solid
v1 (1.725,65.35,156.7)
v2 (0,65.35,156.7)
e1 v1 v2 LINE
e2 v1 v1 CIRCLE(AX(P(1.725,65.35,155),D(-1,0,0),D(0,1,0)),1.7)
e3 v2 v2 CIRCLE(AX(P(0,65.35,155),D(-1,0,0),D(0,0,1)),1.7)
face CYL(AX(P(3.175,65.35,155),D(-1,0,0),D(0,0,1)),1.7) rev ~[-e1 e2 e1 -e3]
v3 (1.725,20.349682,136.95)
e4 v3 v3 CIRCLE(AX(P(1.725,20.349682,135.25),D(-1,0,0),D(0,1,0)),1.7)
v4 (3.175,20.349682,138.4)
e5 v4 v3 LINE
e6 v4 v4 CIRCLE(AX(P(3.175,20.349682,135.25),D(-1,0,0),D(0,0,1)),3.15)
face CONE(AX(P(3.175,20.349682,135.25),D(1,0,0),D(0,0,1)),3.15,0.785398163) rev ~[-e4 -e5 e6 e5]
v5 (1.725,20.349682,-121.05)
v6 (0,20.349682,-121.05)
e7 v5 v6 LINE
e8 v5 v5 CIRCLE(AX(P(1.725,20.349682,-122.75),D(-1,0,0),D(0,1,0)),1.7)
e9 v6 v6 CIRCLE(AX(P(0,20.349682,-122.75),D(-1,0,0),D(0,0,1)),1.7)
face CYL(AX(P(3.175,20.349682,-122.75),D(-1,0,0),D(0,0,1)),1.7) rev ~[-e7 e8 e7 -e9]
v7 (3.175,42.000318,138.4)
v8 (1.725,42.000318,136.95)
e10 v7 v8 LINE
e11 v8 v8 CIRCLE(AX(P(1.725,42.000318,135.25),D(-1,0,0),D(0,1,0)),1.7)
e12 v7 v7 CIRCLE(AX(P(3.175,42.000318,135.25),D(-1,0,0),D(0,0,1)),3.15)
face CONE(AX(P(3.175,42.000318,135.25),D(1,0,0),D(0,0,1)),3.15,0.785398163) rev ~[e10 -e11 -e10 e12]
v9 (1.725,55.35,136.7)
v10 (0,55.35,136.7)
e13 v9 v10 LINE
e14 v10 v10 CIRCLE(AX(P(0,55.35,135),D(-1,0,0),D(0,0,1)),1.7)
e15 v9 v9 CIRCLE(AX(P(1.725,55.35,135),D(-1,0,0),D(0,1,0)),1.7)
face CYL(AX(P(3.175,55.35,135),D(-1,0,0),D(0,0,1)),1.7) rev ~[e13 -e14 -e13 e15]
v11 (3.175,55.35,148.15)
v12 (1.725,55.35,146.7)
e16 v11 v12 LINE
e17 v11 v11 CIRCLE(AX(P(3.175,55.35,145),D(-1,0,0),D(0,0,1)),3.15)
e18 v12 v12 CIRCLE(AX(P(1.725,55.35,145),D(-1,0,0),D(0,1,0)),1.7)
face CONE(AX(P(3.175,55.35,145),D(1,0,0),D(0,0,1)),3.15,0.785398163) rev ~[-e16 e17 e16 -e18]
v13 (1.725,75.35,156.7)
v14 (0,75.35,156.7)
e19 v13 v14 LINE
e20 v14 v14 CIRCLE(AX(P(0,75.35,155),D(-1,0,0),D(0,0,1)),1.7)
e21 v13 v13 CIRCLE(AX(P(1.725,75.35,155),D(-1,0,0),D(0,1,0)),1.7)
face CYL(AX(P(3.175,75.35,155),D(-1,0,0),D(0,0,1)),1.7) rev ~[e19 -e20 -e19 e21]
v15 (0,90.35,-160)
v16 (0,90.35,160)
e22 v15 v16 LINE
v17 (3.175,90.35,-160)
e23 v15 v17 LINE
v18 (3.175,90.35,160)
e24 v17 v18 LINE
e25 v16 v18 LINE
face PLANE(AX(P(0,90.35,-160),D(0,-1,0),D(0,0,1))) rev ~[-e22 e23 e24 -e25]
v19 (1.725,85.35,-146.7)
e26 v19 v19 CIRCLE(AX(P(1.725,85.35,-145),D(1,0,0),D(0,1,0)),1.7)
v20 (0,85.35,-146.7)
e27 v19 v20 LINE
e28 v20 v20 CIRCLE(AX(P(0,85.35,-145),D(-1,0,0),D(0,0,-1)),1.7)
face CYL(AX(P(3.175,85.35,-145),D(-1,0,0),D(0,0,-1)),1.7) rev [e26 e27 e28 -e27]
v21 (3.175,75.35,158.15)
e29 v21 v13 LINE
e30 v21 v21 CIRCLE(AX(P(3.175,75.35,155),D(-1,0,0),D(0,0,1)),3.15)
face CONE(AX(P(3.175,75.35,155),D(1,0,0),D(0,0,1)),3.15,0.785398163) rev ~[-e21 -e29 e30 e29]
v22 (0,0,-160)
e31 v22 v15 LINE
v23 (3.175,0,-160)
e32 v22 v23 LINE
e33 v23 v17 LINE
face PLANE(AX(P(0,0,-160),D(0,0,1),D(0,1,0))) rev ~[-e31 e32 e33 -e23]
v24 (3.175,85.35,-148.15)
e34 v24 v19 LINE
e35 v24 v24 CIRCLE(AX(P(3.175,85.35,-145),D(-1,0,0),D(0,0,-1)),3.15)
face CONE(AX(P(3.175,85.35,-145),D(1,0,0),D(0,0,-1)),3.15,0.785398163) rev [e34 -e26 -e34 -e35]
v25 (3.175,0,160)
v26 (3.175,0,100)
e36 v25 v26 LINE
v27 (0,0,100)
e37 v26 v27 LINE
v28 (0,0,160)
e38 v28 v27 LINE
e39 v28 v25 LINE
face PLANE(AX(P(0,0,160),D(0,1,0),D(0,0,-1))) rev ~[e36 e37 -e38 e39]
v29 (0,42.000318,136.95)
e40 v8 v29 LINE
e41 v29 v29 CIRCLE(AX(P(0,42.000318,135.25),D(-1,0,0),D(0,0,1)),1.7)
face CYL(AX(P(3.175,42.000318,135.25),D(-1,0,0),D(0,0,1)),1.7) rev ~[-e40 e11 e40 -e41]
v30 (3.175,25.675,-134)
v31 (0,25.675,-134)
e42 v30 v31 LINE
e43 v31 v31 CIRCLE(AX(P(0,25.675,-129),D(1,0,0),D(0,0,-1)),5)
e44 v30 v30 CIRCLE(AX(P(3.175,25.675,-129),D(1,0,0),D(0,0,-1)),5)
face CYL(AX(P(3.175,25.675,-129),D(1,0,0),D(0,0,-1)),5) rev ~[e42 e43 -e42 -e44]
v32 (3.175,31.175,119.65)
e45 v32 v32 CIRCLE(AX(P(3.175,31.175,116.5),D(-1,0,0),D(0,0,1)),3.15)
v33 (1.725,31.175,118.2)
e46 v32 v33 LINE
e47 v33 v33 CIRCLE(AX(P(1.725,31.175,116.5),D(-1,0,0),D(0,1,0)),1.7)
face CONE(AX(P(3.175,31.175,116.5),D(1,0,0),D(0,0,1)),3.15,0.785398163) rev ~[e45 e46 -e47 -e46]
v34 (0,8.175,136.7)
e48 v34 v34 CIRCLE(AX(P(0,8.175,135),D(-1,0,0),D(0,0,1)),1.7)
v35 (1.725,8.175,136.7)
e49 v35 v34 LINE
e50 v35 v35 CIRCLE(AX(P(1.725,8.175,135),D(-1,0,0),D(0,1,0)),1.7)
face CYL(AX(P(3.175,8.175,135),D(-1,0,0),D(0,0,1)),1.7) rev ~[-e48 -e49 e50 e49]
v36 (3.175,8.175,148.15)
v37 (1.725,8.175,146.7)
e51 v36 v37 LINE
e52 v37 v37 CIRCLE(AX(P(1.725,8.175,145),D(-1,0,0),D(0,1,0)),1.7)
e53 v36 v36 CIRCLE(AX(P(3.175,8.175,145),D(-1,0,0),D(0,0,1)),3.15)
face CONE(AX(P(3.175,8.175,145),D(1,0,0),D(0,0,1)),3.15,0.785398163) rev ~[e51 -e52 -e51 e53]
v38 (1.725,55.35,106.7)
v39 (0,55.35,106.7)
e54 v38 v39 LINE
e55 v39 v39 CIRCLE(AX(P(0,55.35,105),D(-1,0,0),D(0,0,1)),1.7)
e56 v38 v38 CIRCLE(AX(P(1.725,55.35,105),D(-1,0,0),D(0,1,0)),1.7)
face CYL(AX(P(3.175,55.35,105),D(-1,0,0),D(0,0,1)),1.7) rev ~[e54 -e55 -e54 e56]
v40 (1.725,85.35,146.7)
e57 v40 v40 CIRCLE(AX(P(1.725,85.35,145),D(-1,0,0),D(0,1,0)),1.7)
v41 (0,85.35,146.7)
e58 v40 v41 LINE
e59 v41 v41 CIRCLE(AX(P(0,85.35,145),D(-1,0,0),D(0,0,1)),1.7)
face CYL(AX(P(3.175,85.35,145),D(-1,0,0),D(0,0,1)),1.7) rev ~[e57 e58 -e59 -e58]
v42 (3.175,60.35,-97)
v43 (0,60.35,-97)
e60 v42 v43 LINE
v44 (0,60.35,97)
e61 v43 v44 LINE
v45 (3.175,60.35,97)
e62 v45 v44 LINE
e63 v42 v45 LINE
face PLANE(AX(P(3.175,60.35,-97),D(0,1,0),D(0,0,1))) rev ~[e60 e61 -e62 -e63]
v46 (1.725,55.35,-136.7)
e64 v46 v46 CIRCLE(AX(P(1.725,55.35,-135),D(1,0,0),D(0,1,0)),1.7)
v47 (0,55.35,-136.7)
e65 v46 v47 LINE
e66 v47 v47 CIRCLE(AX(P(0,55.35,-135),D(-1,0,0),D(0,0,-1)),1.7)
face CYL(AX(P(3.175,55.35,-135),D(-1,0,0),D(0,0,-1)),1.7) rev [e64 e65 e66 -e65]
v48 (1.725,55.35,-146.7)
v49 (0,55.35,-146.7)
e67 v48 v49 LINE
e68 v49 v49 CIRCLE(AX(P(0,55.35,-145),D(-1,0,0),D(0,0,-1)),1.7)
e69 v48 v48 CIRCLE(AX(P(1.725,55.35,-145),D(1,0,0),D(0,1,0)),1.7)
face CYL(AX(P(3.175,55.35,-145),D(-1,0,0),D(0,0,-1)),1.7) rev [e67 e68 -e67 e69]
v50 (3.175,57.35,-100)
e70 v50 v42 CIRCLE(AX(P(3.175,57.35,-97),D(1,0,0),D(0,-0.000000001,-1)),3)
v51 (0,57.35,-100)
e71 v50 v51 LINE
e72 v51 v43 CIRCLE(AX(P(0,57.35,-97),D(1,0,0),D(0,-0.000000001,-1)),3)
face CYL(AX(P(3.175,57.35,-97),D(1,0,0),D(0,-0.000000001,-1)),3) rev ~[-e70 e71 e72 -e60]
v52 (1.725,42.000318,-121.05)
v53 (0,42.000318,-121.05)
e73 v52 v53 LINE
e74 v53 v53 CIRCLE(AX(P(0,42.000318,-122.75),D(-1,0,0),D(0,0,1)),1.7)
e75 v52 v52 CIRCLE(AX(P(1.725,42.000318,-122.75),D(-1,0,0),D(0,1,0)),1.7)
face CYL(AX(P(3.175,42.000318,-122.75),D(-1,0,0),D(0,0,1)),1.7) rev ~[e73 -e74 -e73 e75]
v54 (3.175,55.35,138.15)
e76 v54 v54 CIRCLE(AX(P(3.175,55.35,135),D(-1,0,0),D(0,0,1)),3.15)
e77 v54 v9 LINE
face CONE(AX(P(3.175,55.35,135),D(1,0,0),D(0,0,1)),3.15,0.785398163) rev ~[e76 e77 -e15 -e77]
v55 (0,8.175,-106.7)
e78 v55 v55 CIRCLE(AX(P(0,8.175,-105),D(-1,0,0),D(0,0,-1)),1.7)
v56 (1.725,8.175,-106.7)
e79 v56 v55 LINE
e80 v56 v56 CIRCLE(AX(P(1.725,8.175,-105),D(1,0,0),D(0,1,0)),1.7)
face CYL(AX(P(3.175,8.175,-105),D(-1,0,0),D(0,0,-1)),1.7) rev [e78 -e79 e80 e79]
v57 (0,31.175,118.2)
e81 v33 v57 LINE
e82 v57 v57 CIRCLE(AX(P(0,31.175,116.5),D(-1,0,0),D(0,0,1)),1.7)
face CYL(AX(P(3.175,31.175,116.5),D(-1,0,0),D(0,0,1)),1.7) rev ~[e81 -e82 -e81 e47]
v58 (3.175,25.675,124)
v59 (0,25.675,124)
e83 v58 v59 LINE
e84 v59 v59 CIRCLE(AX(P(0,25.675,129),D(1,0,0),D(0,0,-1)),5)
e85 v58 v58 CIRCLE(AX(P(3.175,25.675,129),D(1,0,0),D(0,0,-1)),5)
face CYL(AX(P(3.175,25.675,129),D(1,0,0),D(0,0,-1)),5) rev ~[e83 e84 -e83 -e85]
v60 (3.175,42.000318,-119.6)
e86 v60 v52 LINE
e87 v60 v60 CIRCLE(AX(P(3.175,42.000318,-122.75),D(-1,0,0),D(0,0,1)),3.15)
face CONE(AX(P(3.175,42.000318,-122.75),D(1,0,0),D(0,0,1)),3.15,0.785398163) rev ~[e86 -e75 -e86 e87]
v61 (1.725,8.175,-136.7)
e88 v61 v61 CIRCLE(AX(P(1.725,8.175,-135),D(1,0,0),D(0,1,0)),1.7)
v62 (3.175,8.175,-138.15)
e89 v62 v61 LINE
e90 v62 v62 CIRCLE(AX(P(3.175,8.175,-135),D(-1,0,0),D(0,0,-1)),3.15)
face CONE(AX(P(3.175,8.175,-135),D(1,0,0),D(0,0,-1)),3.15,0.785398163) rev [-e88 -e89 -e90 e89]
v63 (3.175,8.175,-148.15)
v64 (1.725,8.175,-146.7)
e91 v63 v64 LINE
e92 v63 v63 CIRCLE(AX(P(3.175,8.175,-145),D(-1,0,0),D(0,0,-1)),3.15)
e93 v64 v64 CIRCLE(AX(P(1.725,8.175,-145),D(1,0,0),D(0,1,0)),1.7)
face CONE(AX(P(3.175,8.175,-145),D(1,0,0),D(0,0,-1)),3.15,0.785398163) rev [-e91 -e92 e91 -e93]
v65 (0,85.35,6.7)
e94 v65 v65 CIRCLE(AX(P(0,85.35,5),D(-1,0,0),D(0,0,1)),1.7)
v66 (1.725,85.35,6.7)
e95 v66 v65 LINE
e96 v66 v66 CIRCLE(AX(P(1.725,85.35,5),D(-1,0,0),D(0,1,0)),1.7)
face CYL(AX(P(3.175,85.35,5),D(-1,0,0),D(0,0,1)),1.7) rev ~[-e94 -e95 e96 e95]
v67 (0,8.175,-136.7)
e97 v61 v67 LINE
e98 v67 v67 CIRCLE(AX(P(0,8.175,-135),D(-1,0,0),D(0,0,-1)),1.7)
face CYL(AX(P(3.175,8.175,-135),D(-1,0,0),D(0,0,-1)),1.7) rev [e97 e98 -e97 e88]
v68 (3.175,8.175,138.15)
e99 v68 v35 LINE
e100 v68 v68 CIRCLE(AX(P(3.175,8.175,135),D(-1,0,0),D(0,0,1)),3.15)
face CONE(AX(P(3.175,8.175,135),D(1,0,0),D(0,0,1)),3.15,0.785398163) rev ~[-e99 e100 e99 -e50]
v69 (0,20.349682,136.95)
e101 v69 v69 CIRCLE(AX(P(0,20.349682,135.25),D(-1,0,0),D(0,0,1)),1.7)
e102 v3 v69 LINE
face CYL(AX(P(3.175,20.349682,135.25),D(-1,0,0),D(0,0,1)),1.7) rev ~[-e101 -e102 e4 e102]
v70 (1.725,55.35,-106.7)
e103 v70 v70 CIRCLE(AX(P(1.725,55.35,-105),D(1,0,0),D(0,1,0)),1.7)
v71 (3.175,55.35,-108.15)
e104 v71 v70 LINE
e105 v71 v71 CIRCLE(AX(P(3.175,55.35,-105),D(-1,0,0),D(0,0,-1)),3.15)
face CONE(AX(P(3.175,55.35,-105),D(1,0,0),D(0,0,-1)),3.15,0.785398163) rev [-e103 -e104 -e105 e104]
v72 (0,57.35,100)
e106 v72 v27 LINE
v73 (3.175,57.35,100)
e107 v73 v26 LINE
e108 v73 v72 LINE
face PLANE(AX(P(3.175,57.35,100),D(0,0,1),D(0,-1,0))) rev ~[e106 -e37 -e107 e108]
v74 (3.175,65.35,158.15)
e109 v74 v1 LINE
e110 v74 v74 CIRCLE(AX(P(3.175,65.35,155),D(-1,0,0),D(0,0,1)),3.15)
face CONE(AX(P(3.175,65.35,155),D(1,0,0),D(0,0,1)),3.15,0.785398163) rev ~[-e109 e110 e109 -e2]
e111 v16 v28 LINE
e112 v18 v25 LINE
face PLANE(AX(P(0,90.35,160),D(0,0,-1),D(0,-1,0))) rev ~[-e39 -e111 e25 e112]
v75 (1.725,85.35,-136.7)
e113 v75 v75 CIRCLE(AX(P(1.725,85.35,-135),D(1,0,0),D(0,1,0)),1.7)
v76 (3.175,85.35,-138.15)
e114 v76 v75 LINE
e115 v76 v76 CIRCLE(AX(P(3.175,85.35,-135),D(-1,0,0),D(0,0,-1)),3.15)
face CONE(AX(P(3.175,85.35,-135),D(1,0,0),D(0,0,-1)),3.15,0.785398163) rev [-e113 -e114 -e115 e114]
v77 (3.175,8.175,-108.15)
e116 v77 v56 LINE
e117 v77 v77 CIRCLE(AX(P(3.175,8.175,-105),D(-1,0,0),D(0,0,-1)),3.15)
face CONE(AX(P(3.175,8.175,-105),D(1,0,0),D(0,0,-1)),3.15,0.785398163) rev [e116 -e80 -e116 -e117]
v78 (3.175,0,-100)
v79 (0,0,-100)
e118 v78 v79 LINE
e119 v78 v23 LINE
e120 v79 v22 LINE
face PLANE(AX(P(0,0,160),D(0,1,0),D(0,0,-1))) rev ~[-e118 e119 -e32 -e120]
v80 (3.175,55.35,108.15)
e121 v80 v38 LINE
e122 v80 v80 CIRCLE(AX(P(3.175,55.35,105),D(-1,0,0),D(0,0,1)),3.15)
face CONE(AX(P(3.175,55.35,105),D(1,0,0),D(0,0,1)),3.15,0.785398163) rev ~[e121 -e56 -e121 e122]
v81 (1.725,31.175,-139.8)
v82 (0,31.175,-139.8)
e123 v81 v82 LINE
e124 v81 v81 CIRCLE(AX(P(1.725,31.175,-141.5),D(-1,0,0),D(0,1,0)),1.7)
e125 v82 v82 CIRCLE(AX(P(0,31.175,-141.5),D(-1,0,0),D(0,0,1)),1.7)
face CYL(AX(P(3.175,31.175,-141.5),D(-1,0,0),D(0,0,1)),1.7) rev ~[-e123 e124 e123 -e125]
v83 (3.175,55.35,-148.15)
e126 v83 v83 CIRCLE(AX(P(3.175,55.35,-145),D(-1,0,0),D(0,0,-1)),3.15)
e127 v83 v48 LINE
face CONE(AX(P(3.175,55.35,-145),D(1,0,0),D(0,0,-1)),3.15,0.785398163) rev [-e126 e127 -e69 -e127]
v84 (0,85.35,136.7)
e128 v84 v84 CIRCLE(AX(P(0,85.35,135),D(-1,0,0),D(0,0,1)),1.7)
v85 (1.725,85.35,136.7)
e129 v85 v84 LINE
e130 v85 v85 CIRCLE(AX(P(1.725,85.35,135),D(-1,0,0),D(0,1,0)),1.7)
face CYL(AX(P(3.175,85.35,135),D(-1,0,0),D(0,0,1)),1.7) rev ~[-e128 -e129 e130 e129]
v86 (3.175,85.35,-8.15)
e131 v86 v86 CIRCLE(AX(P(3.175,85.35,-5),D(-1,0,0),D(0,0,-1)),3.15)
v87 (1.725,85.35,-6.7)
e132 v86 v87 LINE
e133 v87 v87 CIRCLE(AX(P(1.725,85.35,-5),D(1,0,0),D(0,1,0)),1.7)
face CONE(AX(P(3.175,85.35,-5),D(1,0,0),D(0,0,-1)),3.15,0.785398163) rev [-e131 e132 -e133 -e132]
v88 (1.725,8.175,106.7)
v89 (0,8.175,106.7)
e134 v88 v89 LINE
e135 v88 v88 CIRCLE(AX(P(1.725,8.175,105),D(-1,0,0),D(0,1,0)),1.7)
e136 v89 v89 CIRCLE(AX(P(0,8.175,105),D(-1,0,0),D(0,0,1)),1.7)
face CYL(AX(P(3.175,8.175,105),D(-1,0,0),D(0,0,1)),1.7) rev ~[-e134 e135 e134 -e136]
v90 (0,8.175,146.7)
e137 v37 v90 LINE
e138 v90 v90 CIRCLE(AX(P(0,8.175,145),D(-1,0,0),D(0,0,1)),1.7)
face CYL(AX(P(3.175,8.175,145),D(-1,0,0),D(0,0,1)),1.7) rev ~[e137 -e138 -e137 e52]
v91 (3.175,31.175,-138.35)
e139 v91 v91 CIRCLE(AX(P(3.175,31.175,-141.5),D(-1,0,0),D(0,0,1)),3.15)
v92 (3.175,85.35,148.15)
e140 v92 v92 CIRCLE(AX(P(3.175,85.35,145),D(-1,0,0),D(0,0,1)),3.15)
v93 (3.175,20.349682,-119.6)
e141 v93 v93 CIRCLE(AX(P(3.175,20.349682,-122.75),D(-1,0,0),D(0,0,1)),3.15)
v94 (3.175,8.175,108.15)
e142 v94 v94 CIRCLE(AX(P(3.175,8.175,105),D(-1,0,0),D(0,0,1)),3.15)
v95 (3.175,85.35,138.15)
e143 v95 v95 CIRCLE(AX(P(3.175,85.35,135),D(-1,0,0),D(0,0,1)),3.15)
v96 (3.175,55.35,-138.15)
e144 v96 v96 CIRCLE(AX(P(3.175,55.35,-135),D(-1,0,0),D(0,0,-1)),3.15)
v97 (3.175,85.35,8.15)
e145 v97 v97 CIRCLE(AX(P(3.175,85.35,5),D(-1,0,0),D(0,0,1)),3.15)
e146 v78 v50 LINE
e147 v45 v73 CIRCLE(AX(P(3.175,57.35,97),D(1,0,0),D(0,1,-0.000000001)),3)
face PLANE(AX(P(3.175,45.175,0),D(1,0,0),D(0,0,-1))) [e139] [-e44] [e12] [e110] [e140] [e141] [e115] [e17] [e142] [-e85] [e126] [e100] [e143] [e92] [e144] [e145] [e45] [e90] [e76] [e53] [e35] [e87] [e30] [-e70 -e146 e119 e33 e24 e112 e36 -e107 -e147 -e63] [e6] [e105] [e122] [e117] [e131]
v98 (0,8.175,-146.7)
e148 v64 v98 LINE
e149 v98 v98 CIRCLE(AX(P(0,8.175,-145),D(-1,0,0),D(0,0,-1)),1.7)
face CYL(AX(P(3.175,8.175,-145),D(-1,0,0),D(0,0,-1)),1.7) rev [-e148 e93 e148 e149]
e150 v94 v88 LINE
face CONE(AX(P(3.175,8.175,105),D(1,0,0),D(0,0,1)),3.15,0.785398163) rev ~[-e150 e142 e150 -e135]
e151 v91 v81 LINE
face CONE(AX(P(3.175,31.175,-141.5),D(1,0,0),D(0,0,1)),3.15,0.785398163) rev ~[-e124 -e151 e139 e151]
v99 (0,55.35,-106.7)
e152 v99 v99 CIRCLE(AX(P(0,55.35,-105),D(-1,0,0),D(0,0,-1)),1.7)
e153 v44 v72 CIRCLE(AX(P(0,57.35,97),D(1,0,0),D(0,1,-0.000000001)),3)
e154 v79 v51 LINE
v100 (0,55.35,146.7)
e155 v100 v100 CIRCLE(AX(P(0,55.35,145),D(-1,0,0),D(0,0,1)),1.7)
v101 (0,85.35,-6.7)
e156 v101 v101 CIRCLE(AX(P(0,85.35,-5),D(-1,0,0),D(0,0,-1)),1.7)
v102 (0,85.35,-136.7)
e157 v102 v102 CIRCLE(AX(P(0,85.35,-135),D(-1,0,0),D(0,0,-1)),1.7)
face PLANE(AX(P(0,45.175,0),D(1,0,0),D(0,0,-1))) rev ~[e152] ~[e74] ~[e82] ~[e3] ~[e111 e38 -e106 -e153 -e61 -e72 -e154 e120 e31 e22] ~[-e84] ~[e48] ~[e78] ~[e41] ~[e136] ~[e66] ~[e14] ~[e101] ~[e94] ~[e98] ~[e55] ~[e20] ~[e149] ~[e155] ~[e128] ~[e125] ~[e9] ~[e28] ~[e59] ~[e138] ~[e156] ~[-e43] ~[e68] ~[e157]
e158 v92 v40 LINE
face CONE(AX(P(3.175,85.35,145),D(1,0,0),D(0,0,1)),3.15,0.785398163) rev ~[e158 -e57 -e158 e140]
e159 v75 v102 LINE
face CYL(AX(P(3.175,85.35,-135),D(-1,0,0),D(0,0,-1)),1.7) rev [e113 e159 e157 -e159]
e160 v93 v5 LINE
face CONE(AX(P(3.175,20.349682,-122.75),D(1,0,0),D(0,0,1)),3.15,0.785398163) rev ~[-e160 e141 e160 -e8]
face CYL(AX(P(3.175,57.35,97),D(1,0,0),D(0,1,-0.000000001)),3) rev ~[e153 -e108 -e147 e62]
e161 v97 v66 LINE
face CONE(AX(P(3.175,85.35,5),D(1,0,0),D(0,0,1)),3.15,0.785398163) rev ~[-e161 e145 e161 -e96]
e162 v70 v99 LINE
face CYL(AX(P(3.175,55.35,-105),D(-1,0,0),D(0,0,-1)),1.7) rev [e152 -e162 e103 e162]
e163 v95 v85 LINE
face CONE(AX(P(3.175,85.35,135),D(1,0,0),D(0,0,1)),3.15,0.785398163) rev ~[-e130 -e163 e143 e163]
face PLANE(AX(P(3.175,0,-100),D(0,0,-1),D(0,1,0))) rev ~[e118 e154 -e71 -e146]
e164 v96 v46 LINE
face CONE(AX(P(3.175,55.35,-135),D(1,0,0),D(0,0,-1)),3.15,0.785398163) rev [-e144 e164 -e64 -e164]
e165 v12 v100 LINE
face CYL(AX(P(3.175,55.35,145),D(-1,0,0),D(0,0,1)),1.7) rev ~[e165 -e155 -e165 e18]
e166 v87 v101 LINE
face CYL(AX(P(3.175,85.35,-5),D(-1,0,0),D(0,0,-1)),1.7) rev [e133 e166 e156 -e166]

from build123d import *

# Parameters (mm, degrees)
BOSS_EXTRUDE1_DEPTH                             = 3.175
CSK_FOR_M3_FLAT_HEAD_MACHINE_SCREW1_D           = 3.4
CSK_FOR_M3_FLAT_HEAD_MACHINE_SCREW1_CSINK_D     = 6.3
CSK_FOR_M3_FLAT_HEAD_MACHINE_SCREW1_CSINK_ANGLE = 90
SKETCH4_R                                       = 5
CUT_EXTRUDE1_DEPTH                              = 4.175
CSK_FOR_M3_FLAT_HEAD_MACHINE_SCREW2_D           = 3.4
CSK_FOR_M3_FLAT_HEAD_MACHINE_SCREW2_CSINK_D     = 6.3
CSK_FOR_M3_FLAT_HEAD_MACHINE_SCREW2_CSINK_ANGLE = 90
CSK_FOR_M3_FLAT_HEAD_MACHINE_SCREW3_D           = 3.4
CSK_FOR_M3_FLAT_HEAD_MACHINE_SCREW3_CSINK_D     = 6.3
CSK_FOR_M3_FLAT_HEAD_MACHINE_SCREW3_CSINK_ANGLE = 90
LPATTERN1_COUNT                                 = 2
LPATTERN1_PITCH                                 = 258


with BuildPart() as part:
    # Sketch1 → Boss-Extrude1 (new body)
    with BuildSketch(Plane(origin=(0, 0, 0), x_dir=(0, 0, -1), z_dir=(1, 0, 0))):
        Polygon((160, 0), (160, 3.175), (160, 47.175), (160, 50.35), (160, 60.35), (160, 90.35), (-160, 90.35), (-160, 60.35), (-160, 50.35), (-160, 47.175), (-160, 3.175), (-160, 0), align=None)
    extrude(amount=BOSS_EXTRUDE1_DEPTH)

    # CSK for M3 Flat Head Machine Screw1 (through all)
    with Locations(Plane(origin=(3.175, 0, 0), x_dir=(0, 0, -1), z_dir=(1, 0, 0))):
        with Locations((-145, 8.175), (-135, 8.175), (-105, 8.175), (-145, 55.35), (-135, 55.35), (-105, 55.35), (-145, 85.35), (-135, 85.35), (-5, 85.35)):
            csk_for_m3_flat_head_machine_screw1 = CounterSinkHole(CSK_FOR_M3_FLAT_HEAD_MACHINE_SCREW1_D / 2, CSK_FOR_M3_FLAT_HEAD_MACHINE_SCREW1_CSINK_D / 2, counter_sink_angle=CSK_FOR_M3_FLAT_HEAD_MACHINE_SCREW1_CSINK_ANGLE)

    # Mirror1: CSK for M3 Flat Head Machine Screw1 across plane
    add(csk_for_m3_flat_head_machine_screw1.mirror(Plane.XY), mode=Mode.SUBTRACT)

    # Sketch4 → Cut-Extrude1 (cut, through all)
    with BuildSketch(Plane(origin=(3.175, 0, 0), x_dir=(0, 0, -1), z_dir=(1, 0, 0))):
        with Locations((-129, 25.675)):
            Circle(SKETCH4_R)
        with Locations((129, 25.675)):
            Circle(SKETCH4_R)
        with BuildLine():
            Line((-100, 57.35), (-100, 0))
            Line((-100, 0), (100, 0))
            Line((100, 0), (100, 57.35))
            ThreePointArc((100, 57.35), (99.121320344, 59.471320344), (97, 60.35))
            Line((97, 60.35), (-97, 60.35))
            ThreePointArc((-97, 60.35), (-99.121320344, 59.471320344), (-100, 57.35))
        make_face()
    extrude(amount=-CUT_EXTRUDE1_DEPTH, mode=Mode.SUBTRACT)

    # CSK for M3 Flat Head Machine Screw2 (through all)
    with Locations(Plane(origin=(3.175, 0, 0), x_dir=(0, 0, -1), z_dir=(1, 0, 0))):
        with Locations((-155, 65.35), (-155, 75.35)):
            CounterSinkHole(CSK_FOR_M3_FLAT_HEAD_MACHINE_SCREW2_D / 2, CSK_FOR_M3_FLAT_HEAD_MACHINE_SCREW2_CSINK_D / 2, counter_sink_angle=CSK_FOR_M3_FLAT_HEAD_MACHINE_SCREW2_CSINK_ANGLE)

    # CSK for M3 Flat Head Machine Screw3 (through all)
    with Locations(Plane(origin=(3.175, 0, 0), x_dir=(0, 0, -1), z_dir=(1, 0, 0))):
        with Locations((-116.5, 31.175), (-135.25, 20.349682453), (-135.25, 42.000317547)):
            csk_for_m3_flat_head_machine_screw3 = CounterSinkHole(CSK_FOR_M3_FLAT_HEAD_MACHINE_SCREW3_D / 2, CSK_FOR_M3_FLAT_HEAD_MACHINE_SCREW3_CSINK_D / 2, counter_sink_angle=CSK_FOR_M3_FLAT_HEAD_MACHINE_SCREW3_CSINK_ANGLE)

    # LPattern1: CSK for M3 Flat Head Machine Screw3 ×2
    with Locations(*[(0, 0, -i * LPATTERN1_PITCH) for i in range(1, LPATTERN1_COUNT)]):
        add(csk_for_m3_flat_head_machine_screw3, mode=Mode.SUBTRACT)


solid = part.part
